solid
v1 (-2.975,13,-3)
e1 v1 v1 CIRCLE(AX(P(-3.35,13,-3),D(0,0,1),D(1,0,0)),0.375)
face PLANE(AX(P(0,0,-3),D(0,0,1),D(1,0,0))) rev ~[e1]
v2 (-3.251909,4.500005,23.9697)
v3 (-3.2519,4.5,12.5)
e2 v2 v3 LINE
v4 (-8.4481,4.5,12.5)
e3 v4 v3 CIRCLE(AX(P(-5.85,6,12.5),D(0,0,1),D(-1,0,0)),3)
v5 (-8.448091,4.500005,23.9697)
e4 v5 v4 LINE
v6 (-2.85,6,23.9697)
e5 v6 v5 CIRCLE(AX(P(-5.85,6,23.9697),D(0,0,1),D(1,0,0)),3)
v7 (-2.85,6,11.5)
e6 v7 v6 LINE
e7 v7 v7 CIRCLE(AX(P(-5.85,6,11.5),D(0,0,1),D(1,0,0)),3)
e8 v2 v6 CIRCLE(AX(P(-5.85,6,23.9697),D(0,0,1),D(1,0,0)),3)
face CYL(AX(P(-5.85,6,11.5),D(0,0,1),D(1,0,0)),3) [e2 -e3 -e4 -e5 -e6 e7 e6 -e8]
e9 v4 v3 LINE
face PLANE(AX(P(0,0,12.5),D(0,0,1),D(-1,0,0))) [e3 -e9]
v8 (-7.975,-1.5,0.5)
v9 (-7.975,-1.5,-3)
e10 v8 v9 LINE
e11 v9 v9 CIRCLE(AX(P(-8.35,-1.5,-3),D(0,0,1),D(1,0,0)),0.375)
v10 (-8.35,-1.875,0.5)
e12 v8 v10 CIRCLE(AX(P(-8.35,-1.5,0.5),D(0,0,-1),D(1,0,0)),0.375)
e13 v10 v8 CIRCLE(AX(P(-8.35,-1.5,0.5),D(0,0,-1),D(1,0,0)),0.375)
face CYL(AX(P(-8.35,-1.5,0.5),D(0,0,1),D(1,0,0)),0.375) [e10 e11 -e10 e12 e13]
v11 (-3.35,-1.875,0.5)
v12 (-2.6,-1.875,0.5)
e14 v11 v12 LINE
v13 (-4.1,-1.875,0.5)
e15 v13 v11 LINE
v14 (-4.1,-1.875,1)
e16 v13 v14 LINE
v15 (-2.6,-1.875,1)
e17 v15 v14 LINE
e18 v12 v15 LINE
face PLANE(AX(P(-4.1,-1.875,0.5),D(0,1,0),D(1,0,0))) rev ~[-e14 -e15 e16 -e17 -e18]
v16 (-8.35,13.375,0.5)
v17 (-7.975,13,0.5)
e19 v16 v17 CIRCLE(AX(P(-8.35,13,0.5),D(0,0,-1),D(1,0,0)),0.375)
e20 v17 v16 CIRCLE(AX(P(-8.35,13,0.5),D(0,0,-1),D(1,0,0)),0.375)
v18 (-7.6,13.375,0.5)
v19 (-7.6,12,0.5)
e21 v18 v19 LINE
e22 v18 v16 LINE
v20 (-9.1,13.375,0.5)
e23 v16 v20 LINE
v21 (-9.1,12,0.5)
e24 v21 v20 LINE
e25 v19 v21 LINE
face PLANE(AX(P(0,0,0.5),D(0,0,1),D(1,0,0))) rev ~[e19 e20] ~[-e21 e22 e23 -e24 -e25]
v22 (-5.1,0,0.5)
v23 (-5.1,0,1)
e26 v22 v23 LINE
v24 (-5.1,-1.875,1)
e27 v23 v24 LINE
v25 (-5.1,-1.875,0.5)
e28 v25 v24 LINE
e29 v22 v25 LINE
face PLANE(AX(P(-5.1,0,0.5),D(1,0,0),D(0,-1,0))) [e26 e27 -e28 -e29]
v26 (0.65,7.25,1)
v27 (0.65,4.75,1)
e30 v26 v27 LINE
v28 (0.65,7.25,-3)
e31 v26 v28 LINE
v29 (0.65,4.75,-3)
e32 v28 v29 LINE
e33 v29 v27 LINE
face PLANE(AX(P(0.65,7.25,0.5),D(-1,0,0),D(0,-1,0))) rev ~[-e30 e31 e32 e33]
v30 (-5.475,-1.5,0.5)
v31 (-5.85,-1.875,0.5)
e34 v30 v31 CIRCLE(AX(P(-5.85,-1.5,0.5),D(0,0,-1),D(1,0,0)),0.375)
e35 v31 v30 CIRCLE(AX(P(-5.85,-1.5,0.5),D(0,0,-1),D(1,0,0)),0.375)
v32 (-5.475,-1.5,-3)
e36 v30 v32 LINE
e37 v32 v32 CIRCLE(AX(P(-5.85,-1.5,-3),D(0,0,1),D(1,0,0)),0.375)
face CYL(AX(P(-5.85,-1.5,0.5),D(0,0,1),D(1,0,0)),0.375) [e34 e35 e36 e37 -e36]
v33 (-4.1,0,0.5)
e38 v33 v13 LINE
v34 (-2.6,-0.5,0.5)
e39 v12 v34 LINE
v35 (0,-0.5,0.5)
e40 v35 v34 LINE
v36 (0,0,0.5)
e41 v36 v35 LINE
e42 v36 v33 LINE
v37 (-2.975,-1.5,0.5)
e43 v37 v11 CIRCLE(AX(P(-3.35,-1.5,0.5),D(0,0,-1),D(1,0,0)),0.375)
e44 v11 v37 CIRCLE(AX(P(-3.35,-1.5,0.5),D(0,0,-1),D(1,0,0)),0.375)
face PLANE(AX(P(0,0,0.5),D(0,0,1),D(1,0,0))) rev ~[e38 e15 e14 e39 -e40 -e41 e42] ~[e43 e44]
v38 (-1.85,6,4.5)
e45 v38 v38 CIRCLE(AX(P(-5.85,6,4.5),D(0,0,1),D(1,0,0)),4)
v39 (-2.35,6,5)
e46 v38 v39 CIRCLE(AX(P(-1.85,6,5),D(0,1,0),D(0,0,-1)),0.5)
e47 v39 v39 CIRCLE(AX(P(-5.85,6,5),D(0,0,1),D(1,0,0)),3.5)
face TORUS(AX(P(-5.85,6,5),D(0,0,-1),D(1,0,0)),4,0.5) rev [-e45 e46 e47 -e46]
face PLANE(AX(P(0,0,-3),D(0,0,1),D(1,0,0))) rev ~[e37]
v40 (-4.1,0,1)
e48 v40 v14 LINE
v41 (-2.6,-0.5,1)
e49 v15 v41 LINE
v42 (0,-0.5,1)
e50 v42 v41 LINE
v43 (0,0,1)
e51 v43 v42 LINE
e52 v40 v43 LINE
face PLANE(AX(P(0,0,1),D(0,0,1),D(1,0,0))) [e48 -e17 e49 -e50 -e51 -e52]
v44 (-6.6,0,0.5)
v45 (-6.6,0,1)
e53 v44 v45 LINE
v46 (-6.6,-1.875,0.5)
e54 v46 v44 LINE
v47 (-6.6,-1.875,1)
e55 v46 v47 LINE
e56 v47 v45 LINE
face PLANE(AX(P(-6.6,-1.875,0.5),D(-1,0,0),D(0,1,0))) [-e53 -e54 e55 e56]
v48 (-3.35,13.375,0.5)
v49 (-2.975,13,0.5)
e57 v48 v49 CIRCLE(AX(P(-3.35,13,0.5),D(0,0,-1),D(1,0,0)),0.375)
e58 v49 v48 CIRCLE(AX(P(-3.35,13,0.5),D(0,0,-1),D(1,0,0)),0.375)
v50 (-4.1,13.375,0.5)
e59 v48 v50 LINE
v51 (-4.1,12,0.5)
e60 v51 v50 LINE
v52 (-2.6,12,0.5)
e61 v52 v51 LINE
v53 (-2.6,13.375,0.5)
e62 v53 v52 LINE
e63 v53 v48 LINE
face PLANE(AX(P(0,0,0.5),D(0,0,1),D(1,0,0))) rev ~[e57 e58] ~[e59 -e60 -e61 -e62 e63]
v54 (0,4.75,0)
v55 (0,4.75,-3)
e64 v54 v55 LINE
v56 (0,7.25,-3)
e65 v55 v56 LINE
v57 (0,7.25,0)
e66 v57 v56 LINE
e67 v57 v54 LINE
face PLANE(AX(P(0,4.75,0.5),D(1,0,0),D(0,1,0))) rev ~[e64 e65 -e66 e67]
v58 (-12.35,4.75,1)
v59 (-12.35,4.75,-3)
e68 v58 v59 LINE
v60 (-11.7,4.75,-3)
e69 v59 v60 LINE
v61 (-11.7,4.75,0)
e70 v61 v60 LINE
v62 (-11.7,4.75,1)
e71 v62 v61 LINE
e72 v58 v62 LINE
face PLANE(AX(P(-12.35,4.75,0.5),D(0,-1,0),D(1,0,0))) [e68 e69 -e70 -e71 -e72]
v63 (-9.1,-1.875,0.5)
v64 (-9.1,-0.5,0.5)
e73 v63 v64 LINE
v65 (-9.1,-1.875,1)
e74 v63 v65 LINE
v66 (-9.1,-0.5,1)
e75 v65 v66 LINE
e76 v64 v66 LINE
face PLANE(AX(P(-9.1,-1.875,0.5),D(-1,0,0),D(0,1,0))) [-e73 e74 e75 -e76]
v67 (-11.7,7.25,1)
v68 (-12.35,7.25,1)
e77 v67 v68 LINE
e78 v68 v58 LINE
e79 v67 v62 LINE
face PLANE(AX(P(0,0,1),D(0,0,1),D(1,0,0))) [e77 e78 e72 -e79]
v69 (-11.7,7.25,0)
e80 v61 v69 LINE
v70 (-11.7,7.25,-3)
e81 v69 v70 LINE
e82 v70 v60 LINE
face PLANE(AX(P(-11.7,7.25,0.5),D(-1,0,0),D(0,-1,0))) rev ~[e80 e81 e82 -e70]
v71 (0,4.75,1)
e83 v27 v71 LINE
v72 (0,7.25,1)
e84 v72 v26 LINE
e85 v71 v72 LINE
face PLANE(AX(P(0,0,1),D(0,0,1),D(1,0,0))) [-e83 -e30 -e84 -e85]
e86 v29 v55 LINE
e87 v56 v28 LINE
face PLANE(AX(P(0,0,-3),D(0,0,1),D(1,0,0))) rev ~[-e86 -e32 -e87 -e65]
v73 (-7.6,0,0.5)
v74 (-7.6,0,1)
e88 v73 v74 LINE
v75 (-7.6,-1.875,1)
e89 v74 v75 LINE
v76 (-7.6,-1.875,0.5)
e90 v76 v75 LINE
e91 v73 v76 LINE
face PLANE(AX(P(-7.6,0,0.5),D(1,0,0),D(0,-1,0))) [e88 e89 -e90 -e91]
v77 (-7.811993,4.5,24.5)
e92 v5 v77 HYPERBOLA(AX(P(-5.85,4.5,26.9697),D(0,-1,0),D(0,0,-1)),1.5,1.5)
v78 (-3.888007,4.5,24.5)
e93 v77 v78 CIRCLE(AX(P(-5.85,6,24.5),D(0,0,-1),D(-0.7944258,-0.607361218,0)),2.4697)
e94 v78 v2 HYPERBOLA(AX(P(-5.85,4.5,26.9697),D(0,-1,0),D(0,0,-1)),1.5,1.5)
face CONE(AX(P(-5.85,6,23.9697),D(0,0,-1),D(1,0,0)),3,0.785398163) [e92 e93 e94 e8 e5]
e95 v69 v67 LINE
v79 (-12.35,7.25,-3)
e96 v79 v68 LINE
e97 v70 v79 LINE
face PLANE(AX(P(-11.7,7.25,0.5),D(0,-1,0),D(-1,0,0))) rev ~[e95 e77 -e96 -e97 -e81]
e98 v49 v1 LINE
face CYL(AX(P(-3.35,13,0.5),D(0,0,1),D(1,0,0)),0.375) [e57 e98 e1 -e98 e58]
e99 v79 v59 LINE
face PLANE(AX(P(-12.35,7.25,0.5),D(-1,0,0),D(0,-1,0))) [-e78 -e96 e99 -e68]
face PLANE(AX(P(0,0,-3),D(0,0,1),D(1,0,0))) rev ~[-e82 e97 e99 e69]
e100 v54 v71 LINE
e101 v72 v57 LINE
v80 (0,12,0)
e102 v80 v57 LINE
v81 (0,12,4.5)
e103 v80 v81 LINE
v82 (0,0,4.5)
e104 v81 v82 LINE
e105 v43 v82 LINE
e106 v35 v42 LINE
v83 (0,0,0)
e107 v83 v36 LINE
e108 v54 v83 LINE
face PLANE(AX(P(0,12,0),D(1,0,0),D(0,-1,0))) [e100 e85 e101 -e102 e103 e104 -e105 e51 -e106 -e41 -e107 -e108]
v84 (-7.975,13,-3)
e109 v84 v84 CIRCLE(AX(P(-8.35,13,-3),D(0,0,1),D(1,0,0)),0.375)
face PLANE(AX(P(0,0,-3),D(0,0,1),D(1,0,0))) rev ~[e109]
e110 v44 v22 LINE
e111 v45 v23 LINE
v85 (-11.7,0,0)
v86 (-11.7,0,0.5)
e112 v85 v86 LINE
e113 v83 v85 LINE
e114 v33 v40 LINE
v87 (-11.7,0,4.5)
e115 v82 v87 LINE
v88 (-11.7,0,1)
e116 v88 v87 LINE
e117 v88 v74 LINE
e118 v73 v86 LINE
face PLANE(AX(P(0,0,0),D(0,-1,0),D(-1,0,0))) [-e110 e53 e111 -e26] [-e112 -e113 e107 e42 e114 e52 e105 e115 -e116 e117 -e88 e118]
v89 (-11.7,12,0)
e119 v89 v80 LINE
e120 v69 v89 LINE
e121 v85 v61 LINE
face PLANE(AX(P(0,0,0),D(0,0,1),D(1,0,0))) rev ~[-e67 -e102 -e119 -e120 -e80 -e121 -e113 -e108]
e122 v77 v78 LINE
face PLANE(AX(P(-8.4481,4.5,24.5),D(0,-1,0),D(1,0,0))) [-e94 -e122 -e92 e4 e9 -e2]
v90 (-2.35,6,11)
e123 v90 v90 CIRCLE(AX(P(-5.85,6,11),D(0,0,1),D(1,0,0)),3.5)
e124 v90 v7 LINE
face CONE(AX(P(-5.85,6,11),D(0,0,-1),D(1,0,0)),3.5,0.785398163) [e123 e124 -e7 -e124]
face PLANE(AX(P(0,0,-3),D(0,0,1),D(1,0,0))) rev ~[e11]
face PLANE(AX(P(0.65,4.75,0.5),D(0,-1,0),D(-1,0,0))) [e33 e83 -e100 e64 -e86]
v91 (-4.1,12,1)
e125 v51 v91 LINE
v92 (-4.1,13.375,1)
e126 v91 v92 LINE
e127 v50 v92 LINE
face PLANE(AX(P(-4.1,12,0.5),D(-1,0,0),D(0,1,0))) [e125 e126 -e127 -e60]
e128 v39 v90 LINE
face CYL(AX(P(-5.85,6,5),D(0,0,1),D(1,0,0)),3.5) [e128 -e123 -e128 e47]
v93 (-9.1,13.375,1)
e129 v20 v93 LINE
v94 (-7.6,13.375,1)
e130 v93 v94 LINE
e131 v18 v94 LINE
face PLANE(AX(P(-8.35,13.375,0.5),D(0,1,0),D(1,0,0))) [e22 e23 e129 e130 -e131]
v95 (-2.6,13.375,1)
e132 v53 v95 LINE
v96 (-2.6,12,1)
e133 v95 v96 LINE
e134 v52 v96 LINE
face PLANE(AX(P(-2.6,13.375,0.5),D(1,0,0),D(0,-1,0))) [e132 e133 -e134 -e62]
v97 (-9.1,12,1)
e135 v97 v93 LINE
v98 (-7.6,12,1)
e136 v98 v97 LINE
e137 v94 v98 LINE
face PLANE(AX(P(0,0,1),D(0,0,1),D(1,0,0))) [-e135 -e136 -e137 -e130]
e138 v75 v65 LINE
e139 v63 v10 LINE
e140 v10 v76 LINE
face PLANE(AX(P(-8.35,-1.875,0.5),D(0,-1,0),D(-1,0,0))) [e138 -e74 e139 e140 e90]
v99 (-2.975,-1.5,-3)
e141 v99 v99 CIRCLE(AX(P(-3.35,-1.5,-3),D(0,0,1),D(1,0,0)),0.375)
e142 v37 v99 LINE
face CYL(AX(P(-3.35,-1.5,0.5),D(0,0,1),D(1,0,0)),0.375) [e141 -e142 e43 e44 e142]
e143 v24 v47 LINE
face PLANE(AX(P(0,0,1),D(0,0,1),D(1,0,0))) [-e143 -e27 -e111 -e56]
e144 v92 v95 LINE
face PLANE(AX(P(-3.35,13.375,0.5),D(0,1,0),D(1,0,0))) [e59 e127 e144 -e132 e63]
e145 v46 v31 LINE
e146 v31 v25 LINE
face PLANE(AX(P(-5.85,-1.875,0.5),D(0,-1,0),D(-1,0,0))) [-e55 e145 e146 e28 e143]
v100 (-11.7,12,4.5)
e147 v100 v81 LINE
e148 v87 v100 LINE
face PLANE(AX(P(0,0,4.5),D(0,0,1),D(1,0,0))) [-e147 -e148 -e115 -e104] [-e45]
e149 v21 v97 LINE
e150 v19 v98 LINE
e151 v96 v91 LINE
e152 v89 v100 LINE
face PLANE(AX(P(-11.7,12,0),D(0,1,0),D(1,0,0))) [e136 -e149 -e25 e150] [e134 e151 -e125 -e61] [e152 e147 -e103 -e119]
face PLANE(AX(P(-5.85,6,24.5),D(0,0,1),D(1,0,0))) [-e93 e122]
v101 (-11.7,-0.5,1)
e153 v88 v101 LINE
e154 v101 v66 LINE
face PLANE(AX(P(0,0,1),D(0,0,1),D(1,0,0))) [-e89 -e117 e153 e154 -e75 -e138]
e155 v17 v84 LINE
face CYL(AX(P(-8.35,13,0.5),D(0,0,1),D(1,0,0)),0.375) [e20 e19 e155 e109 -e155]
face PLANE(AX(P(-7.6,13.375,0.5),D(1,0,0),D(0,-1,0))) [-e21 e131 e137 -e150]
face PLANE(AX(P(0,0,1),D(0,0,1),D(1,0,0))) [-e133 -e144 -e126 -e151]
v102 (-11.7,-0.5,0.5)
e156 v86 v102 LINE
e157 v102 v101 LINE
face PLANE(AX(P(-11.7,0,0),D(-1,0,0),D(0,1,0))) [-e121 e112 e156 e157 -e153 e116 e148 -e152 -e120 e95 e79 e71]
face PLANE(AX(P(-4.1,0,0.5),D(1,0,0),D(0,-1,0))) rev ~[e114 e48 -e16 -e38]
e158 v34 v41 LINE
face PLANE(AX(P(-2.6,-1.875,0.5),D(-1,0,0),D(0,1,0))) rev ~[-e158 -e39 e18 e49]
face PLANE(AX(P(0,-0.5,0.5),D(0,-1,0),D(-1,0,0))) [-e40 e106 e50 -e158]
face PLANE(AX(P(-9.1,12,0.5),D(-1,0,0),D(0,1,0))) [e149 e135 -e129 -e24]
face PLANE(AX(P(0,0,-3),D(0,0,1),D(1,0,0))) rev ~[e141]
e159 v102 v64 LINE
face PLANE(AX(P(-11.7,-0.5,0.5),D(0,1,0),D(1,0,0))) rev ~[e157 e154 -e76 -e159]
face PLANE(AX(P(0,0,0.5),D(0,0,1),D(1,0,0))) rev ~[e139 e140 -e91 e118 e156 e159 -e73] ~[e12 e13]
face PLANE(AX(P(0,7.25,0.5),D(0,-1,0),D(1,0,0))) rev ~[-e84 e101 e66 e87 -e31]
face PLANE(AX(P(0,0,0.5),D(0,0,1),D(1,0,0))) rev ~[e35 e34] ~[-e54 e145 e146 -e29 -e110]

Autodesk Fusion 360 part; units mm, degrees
sketch "Skizze1" plane through (0, 0, 0) normal (0, 0, 1) x (1, 0, 0)
  line L0 (0, 0) -> (-11.7, 0)
  line L1 (-11.7, 0) -> (-11.7, 12)
  line L2 (-11.7, 12) -> (0, 12)
  line L3 (0, 12) -> (0, 0)
  dimension "d1" = 11.7
  dimension "d2" = 12
extrude "Extrusion1" add sketch "Skizze1" along normal blind 4.5
ref_plane "Arbeitsebene1" through (0, 0, 0.5) normal (0, 0, 1) x (1, 0, 0)
sketch "Skizze2" plane through (0, 0, 0.5) normal (0, 0, 1) x (1, 0, 0)
  line L0 (0, 12) -> (-11.7, 12)
  line L1 (-11.7, 12) -> (-11.7, 0)
  line L2 (-11.7, 0) -> (0, 0)
  line L3 (0, 0) -> (0, 12)
  line L4 (-8.35, 12) -> (-8.35, 19) construction
  line L5 (-3.35, 12) -> (-3.35, 19) construction
  line L6 (-8.35, 0) -> (-8.35, -5) construction
  line L7 (-5.85, 0) -> (-5.85, -5) construction
  line L8 (-3.35, 0) -> (-3.35, -5) construction
  line L9 (-7.6, 12) -> (-9.1, 12)
  line L10 (-9.1, 12) -> (-9.1, 13.375)
  line L11 (-9.1, 13.375) -> (-7.6, 13.375)
  line L12 (-7.6, 13.375) -> (-7.6, 12)
  line L13 (-2.6, 12) -> (-4.1, 12)
  line L14 (-4.1, 12) -> (-4.1, 13.375)
  line L15 (-4.1, 13.375) -> (-2.6, 13.375)
  line L16 (-2.6, 13.375) -> (-2.6, 12)
  line L17 (-2.6, 0) -> (-4.1, 0)
  line L18 (-4.1, 0) -> (-4.1, -1.875)
  line L19 (-4.1, -1.875) -> (-2.6, -1.875)
  line L20 (-2.6, -1.875) -> (-2.6, 0)
  line L21 (-6.6, 0) -> (-5.1, 0)
  line L22 (-5.1, 0) -> (-5.1, -1.875)
  line L23 (-5.1, -1.875) -> (-6.6, -1.875)
  line L24 (-6.6, -1.875) -> (-6.6, 0)
  line L25 (-9.1, 0) -> (-7.6, 0)
  line L26 (-7.6, 0) -> (-7.6, -1.875)
  line L27 (-7.6, -1.875) -> (-9.1, -1.875)
  line L28 (-9.1, -1.875) -> (-9.1, 0)
  line L29 (-9.1, 0) -> (-11.7, 0)
  line L30 (-11.7, 0) -> (-11.7, -0.5)
  line L31 (-11.7, -0.5) -> (-9.1, -0.5)
  line L32 (-9.1, -0.5) -> (-9.1, 0)
  line L33 (-2.6, 0) -> (0, 0)
  line L34 (0, 0) -> (0, -0.5)
  line L35 (0, -0.5) -> (-2.6, -0.5)
  line L36 (-2.6, -0.5) -> (-2.6, 0)
  circle A0 centre (-8.35, 13) radius 0.375
  circle A1 centre (-3.35, 13) radius 0.375
  circle A2 centre (-8.35, -1.5) radius 0.375
  circle A3 centre (-5.85, -1.5) radius 0.375
  circle A4 centre (-3.35, -1.5) radius 0.375
  line L37 (-11.7, 6) -> (0, 6) construction
  line L38 (-11.7, 7.25) -> (-12.35, 7.25)
  line L39 (-12.35, 7.25) -> (-12.35, 4.75)
  line L40 (-12.35, 4.75) -> (-11.7, 4.75)
  line L41 (-11.7, 4.75) -> (-11.7, 7.25)
  line L42 (0, 7.25) -> (0.65, 7.25)
  line L43 (0.65, 7.25) -> (0.65, 4.75)
  line L44 (0.65, 4.75) -> (0, 4.75)
  line L45 (0, 4.75) -> (0, 7.25)
  line L46 (-11.6, 7.25) -> (-11.6, 4.75)
  line L47 (-0.1, 7.25) -> (-0.1, 4.75)
  dimension "d7" = 5
  dimension "d8" = 5
  dimension "d9" = 1.5
  dimension "d11" = 0.5
  dimension "d12" = 0.75
  dimension "d13" = 0.75
  dimension "d14" = 0.75
  dimension "d15" = 0.75
  dimension "d16" = 0.75
  dimension "d17" = 7
  dimension "d18" = 7
  dimension "d19" = 7.5
  dimension "d20" = 7.5
  dimension "d21" = 7.5
  dimension "d26" = 0.75
  dimension "d27" = 0.75
  dimension "d28" = 13
  dimension "d46" = 2.5
extrude "Extrusion2" add sketch "Skizze2" along normal blind 0.5 contours A1 | L0 L13 L14 L15 L16 | L3 L42 L43 L44 L45 | A0 | L0 L9 L10 L11 L12 | L2 L20 L33 L34 L35 L36 | A4 | L2 L17 L18 L19 L20 L36 | L1 L38 L39 L40 L41 | A3 | L2 L21 L22 L23 L24 | L2 L28 L29 L30 L31 L32 | A2 | L2 L25 L26 L27 L28 L32
extrude "Extrusion3" add sketch "Skizze2" against normal blind 3.5 contours A1 | L3 L42 L43 L44 L45 | A0 | A4 | L1 L38 L39 L40 L41 | A3 | A2
ref_plane "Arbeitsebene2" through (0, 6, 0) normal (0, 1, 0) x (0, 0, 1)
sketch "Skizze3" plane through (0, 6, 0) normal (0, 1, 0) x (1, 0, 0)
  line L0 (-4.1, -1) -> (0, -1)
  line L1 (0, -1) -> (0, -4.5)
  line L2 (0, -4.5) -> (-11.7, -4.5)
  line L3 (-11.7, -4.5) -> (-11.7, -1)
  line L4 (-11.7, -1) -> (-7.6, -1)
  line L5 (-7.6, -1) -> (-7.6, -0.5)
  line L6 (-7.6, -0.5) -> (-11.7, -0.5)
  line L7 (-11.7, -0.5) -> (-11.7, 0)
  line L8 (-11.7, 0) -> (0, 0)
  line L9 (0, 0) -> (0, -0.5)
  line L10 (0, -0.5) -> (-4.1, -0.5)
  line L11 (-4.1, -0.5) -> (-4.1, -1)
  line L12 (-5.1, -1) -> (-5.1, -0.5)
  line L13 (-5.1, -0.5) -> (-6.6, -0.5)
  line L14 (-6.6, -0.5) -> (-6.6, -1)
  line L15 (-6.6, -1) -> (-5.1, -1)
  line L16 (-5.85, -4.5) -> (-5.85, -18.5)
  line L17 (-5.85, -4.5) -> (-1.85, -4.5)
  line L18 (-2.35, -5) -> (-2.35, -11)
  arc A0 (-1.85, -4.5) -> (-2.35, -5) centre (-1.85, -5) ccw
  line L19 (-2.35, -11) -> (-2.85, -11.5)
  line L20 (-2.85, -11.5) -> (-2.85, -23.9697)
  line L21 (-2.85, -23.9697) -> (-3.3803, -24.5)
  line L22 (-3.3803, -24.5) -> (-5.85, -24.5)
  line L23 (-5.85, -24.5) -> (-5.85, -4.5)
  dimension "d31" = 1
  dimension "d32" = 7
  dimension "d33" = 6
  dimension "d34" = 135
  dimension "d35" = 135
  dimension "d36" = 7
  dimension "d40" = 0.75
  dimension "d41" = 20
revolve "Drehen1" add sketch "Skizze3" angle 360 about axis through (-5.85, 6, 4.5) along (0, 0, 1) contours L2 L16 L17 L18 A0 L19 L20 L21 L22 L23
sketch "Skizze4" plane through (0, 0, 24.5) normal (0, 0, 1) x (-1, 0, 0)
  circle A0 centre (5.85, -6) radius 2.4697
  circle A1 centre (5.85, -6) radius 3
  line L0 (8.4481, -4.5) -> (3.2519, -4.5)
  arc A2 (8.4481, -4.5) -> (3.2519, -4.5) centre (5.85, -6) ccw
  line L1 (5.85, -4.5) -> (5.85, -9) construction
  dimension "d43" = 4.5
extrude "Extrusion4" cut sketch "Skizze4" against normal blind 12 contours A0 L0 | A0 A1 L0 A2 picked at (5.6769, -4.1952)
equation "d13 = d12"
equation "d14 = d12"
equation "d15 = d12"
equation "d16 = d12"
